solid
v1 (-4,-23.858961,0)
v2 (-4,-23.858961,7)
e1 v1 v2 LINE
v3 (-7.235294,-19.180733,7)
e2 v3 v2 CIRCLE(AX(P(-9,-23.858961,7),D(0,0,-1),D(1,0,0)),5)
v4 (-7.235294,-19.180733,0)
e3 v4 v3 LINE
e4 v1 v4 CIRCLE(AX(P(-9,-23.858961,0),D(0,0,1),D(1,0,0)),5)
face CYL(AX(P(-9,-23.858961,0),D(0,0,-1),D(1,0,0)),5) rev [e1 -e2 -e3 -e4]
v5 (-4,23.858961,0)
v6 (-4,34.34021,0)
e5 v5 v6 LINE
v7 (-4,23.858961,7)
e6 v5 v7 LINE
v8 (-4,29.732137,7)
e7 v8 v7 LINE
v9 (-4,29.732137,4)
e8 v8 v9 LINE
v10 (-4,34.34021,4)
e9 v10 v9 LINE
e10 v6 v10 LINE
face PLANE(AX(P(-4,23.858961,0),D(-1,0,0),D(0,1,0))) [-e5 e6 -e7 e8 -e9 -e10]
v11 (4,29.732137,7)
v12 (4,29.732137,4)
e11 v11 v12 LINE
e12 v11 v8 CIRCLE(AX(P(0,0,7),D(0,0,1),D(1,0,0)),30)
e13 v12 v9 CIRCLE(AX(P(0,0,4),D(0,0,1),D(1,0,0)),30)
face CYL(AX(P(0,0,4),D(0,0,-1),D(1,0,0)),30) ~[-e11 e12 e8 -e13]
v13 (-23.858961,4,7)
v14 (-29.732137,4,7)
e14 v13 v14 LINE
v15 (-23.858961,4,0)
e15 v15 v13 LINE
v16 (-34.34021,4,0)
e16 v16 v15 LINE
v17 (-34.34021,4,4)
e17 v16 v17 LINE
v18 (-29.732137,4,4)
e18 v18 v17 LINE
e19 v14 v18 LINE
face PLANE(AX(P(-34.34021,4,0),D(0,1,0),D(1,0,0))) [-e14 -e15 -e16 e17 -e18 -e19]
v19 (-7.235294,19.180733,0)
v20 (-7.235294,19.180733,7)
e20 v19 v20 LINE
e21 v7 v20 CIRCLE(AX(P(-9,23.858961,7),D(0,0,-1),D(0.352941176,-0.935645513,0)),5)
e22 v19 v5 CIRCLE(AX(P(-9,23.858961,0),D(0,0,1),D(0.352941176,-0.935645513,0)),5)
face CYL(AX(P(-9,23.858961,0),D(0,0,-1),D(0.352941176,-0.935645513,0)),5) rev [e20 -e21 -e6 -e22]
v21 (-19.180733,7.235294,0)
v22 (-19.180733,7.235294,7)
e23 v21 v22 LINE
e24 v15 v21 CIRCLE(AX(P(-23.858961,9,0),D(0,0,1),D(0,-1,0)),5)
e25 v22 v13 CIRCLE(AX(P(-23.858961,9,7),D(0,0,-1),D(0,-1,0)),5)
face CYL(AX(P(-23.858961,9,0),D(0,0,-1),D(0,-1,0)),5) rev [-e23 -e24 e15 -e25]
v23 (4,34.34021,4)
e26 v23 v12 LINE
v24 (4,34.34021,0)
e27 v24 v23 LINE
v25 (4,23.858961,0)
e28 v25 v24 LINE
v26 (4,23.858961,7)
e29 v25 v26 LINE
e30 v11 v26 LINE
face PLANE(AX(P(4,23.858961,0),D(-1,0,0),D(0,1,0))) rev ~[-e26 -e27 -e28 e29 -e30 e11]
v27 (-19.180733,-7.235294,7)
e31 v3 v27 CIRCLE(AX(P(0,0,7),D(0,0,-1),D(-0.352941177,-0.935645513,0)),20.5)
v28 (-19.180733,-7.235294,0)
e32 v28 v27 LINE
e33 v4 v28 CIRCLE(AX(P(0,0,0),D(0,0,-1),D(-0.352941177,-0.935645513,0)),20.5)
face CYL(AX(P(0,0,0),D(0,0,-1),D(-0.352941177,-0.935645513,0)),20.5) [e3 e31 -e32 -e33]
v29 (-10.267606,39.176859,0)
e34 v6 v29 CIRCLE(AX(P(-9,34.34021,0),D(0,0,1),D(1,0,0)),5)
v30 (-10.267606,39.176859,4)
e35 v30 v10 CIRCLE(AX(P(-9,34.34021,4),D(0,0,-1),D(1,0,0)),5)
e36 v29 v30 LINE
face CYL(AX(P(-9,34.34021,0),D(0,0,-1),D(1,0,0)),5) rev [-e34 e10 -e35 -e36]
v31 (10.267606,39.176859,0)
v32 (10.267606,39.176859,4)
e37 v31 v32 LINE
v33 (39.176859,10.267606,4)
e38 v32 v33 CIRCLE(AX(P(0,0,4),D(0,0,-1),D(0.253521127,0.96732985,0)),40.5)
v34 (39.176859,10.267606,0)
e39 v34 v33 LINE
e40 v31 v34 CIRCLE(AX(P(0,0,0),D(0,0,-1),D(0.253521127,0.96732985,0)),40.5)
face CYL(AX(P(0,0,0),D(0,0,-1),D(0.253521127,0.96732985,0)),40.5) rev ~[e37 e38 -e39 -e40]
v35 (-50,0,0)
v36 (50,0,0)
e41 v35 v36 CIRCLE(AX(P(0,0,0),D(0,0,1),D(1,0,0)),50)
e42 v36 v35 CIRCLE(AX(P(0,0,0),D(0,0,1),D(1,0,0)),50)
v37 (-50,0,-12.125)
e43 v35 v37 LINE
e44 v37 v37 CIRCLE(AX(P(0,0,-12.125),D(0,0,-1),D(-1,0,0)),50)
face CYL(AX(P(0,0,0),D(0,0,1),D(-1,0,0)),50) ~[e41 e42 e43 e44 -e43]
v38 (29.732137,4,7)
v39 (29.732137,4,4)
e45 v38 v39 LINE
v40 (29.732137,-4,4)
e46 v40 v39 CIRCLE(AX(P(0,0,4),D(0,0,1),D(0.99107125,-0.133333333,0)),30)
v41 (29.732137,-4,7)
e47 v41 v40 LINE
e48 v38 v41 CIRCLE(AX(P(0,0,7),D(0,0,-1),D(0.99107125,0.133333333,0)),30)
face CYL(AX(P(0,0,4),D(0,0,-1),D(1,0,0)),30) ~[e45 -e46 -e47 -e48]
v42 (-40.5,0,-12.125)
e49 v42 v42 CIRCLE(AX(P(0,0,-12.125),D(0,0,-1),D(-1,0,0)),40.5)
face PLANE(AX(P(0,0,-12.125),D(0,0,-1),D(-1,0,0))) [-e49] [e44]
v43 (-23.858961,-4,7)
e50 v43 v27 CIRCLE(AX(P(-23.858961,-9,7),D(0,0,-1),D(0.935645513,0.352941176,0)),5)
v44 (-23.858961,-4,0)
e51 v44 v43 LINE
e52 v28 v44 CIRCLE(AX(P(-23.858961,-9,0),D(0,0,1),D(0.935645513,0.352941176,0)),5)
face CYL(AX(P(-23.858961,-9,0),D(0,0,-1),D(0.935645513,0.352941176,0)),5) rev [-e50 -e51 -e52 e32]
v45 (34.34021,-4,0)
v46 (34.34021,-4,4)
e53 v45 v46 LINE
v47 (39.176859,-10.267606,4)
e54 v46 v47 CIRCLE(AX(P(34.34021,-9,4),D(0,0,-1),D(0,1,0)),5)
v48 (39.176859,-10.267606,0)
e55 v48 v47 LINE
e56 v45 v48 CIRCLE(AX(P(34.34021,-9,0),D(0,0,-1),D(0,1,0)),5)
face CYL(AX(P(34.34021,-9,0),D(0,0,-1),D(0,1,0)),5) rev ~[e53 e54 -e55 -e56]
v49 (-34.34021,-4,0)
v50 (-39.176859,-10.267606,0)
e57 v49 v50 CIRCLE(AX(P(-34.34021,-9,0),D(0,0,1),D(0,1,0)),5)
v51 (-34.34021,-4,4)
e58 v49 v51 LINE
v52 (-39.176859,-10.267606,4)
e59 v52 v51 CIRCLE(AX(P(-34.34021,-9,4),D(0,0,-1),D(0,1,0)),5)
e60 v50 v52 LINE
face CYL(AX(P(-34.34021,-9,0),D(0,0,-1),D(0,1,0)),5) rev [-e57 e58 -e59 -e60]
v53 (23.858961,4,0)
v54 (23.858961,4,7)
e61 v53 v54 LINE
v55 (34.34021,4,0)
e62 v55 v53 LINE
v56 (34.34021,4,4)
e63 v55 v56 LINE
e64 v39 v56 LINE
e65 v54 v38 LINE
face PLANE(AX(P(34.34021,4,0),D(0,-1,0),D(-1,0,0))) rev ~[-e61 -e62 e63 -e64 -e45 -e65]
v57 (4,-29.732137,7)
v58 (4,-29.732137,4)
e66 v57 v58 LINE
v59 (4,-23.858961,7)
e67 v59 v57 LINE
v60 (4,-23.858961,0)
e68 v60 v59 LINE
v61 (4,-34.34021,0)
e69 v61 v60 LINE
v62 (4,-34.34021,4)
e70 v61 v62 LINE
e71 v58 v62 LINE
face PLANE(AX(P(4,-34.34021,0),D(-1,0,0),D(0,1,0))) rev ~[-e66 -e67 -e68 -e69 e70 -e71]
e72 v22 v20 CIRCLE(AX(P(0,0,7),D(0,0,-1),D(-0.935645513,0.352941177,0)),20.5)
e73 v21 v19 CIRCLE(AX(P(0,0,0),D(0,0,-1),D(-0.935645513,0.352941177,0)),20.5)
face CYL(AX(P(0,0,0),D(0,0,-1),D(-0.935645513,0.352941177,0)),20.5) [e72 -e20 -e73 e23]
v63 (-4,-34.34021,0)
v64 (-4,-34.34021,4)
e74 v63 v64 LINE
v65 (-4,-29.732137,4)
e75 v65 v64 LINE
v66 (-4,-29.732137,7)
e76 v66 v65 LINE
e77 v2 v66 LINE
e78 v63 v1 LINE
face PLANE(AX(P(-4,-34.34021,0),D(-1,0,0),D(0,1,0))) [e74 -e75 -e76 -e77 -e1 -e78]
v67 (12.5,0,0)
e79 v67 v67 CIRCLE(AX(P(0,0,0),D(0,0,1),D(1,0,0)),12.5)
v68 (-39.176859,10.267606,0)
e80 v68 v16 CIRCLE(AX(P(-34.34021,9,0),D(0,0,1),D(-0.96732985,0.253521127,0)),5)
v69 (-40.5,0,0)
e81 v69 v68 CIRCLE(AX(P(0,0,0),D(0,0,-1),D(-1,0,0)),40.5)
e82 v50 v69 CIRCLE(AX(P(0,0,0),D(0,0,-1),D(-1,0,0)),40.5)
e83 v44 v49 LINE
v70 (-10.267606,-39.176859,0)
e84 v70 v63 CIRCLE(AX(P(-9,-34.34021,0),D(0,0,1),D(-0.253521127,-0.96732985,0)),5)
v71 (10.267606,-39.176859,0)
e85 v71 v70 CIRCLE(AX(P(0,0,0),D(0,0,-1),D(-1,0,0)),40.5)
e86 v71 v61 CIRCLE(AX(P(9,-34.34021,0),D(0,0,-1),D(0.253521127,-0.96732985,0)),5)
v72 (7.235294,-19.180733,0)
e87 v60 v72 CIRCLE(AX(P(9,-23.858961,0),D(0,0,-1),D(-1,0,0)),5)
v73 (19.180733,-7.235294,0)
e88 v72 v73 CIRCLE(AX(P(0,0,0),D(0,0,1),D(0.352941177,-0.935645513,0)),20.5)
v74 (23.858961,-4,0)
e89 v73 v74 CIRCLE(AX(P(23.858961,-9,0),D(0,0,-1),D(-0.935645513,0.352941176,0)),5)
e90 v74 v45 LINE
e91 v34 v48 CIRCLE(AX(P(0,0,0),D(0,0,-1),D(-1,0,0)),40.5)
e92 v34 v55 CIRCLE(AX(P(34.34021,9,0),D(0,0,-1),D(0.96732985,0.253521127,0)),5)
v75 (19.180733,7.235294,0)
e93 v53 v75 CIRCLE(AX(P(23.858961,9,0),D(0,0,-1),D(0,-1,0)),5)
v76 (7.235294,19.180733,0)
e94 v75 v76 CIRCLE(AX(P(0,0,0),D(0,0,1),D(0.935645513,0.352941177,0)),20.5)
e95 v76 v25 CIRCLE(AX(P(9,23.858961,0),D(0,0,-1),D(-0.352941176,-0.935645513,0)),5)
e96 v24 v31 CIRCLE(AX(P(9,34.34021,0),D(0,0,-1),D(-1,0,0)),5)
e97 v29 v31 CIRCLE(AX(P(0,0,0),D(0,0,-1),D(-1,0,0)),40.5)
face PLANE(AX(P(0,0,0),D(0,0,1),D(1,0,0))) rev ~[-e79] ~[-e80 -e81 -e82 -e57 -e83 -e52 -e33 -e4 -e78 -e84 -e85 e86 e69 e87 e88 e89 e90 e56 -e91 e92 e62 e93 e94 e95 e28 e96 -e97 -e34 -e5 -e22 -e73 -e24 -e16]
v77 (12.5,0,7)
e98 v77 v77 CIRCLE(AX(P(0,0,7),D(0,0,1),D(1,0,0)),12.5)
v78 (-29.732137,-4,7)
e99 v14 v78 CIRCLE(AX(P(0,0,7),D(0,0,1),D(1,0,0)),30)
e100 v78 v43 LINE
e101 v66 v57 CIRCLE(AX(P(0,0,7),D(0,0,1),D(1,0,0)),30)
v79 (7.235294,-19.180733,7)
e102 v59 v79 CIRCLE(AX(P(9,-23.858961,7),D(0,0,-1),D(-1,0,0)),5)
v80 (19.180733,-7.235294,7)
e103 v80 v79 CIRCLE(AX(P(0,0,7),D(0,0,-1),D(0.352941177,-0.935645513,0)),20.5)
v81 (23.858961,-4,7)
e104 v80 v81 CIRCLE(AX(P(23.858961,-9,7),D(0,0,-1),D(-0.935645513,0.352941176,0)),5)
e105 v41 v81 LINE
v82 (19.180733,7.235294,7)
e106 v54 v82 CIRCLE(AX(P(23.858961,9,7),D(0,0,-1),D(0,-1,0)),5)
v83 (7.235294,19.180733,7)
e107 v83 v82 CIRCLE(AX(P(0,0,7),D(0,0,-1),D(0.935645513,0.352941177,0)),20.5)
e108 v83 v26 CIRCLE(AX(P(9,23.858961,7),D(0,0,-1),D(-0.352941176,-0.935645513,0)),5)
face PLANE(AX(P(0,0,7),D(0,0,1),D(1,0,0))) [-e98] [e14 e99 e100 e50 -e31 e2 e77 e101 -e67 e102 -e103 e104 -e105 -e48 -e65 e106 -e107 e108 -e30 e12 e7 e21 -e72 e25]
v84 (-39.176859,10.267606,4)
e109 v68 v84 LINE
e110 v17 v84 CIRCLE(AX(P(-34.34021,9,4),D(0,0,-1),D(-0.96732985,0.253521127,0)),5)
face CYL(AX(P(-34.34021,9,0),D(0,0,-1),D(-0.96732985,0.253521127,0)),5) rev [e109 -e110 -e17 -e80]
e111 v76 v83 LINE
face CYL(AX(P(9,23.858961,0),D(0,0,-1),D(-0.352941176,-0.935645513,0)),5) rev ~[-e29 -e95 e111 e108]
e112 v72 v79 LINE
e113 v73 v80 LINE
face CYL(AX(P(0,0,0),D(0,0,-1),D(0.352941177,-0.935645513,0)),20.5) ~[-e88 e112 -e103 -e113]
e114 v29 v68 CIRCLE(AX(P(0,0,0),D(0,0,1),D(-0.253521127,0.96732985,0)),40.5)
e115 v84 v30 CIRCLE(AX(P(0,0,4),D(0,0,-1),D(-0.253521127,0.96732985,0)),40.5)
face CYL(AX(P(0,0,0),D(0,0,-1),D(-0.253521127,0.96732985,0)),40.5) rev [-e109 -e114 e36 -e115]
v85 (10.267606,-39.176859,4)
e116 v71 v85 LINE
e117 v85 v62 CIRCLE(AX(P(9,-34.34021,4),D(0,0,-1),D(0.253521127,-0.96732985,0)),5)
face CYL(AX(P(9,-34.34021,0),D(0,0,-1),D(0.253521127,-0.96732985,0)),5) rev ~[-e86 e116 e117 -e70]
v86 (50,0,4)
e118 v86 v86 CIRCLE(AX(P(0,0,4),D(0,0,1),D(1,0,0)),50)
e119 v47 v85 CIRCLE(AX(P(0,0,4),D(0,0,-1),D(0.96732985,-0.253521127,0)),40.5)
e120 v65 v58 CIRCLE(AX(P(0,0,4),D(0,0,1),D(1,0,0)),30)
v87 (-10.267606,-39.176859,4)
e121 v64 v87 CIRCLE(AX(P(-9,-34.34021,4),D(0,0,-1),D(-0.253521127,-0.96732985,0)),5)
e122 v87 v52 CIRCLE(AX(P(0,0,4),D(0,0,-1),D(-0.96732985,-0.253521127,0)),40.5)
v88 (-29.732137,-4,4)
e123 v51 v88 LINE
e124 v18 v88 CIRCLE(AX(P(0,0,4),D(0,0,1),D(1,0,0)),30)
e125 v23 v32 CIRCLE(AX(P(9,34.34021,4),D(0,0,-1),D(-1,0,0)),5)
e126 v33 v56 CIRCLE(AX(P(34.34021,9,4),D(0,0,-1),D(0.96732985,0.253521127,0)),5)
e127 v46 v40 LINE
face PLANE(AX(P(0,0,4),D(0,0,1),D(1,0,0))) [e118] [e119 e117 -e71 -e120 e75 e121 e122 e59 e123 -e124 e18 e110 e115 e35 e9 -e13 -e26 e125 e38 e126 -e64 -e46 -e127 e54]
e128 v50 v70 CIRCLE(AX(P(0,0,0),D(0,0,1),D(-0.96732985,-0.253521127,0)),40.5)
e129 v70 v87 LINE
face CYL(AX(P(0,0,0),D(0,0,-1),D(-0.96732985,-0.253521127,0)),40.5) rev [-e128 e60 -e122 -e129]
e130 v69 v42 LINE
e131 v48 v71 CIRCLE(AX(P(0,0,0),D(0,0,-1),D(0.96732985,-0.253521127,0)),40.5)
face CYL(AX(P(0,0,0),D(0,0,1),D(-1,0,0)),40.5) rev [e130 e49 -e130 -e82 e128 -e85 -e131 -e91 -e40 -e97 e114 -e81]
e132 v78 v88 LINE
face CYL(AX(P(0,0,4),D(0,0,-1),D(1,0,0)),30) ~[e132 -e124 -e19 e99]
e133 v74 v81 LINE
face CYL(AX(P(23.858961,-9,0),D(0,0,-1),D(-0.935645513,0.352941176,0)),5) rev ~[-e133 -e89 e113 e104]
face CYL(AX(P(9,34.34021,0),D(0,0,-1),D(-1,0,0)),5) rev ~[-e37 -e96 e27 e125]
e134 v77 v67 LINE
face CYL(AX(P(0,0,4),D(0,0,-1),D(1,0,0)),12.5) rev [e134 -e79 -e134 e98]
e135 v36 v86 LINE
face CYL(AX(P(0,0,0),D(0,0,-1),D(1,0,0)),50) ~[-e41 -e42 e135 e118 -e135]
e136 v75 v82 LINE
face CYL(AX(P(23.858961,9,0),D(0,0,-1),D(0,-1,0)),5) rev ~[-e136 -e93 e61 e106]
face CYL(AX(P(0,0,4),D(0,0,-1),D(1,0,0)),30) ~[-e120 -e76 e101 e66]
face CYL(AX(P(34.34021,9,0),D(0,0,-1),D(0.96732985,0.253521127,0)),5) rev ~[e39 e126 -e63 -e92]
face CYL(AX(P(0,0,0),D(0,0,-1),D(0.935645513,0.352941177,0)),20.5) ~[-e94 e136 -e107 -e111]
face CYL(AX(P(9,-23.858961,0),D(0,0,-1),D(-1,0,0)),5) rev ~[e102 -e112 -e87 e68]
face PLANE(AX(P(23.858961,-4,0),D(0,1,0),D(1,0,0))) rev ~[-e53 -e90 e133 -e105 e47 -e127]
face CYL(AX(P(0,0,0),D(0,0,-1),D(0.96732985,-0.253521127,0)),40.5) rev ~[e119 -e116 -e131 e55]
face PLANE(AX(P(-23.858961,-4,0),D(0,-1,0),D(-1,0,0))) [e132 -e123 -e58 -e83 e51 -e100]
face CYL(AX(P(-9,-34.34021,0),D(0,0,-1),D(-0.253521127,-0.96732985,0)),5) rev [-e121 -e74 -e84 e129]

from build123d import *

# Parameters (mm, degrees)
ESQUISSE1_R             = 50
ESQUISSE1_R_2           = 12.5
BOSS_EXTRU_1_DEPTH      = 4
ESQUISSE2_R             = 30
ESQUISSE2_R_2           = 12.5
BOSS_EXTRU_2_DEPTH      = 3
ENL_V_MAT_EXTRU_1_DEPTH = 23
ESQUISSE5_R             = 50
ESQUISSE5_R_2           = 40.5
BOSS_EXTRU_3_DEPTH      = 12.125


with BuildPart() as part:
    # Esquisse1 → Boss.-Extru.1 (new body)
    with BuildSketch(Plane.XY):
        Circle(ESQUISSE1_R)
        Circle(ESQUISSE1_R_2, mode=Mode.SUBTRACT)
    extrude(amount=BOSS_EXTRU_1_DEPTH)

    # Esquisse2 → Boss.-Extru.2 (add)
    with BuildSketch(Plane.XY.offset(4)):
        Circle(ESQUISSE2_R)
        Circle(ESQUISSE2_R_2, mode=Mode.SUBTRACT)
    extrude(amount=BOSS_EXTRU_2_DEPTH)

    # Esquisse4 → Enlèv. mat.-Extru.1 (cut)
    with BuildSketch(Plane(origin=(0, 0, 0), x_dir=(-1, 0, 0), z_dir=(0, 0, -1))):
        with BuildLine():
            Line((-4, 23.858960581), (-4, 34.340209667))
            ThreePointArc((-4, 34.340209667), (-5.945333747, 38.298620218), (-10.267605634, 39.176858916))
            ThreePointArc((-10.267605634, 39.176858916), (-28.637824638, 28.637824638), (-39.176858916, 10.267605634))
            ThreePointArc((-39.176858916, 10.267605634), (-38.298620218, 5.945333747), (-34.340209667, 4))
            Line((-34.340209667, 4), (-23.858960581, 4))
            ThreePointArc((-23.858960581, 4), (-21.014978286, 4.887608396), (-19.180733016, 7.235294118))
            ThreePointArc((-19.180733016, 7.235294118), (-14.495689014, 14.495689014), (-7.235294118, 19.180733016))
            ThreePointArc((-7.235294118, 19.180733016), (-4.887608396, 21.014978286), (-4, 23.858960581))
        make_face()
        with BuildLine():
            Line((4, 23.858960581), (4, 34.340209667))
            ThreePointArc((4, 34.340209667), (5.945333747, 38.298620218), (10.267605634, 39.176858916))
            ThreePointArc((10.267605634, 39.176858916), (28.637824638, 28.637824638), (39.176858916, 10.267605634))
            ThreePointArc((39.176858916, 10.267605634), (38.298620218, 5.945333747), (34.340209667, 4))
            Line((34.340209667, 4), (23.858960581, 4))
            ThreePointArc((23.858960581, 4), (21.014978286, 4.887608396), (19.180733016, 7.235294118))
            ThreePointArc((19.180733016, 7.235294118), (14.495689014, 14.495689014), (7.235294118, 19.180733016))
            ThreePointArc((7.235294118, 19.180733016), (4.887608396, 21.014978286), (4, 23.858960581))
        make_face()
        with BuildLine():
            Line((-23.858960581, -4), (-34.340209667, -4))
            ThreePointArc((-34.340209667, -4), (-38.298620218, -5.945333747), (-39.176858916, -10.267605634))
            ThreePointArc((-39.176858916, -10.267605634), (-28.637824638, -28.637824638), (-10.267605634, -39.176858916))
            ThreePointArc((-10.267605634, -39.176858916), (-5.945333747, -38.298620218), (-4, -34.340209667))
            Line((-4, -34.340209667), (-4, -23.858960581))
            ThreePointArc((-4, -23.858960581), (-4.887608396, -21.014978286), (-7.235294118, -19.180733016))
            ThreePointArc((-7.235294118, -19.180733016), (-14.495689014, -14.495689014), (-19.180733016, -7.235294118))
            ThreePointArc((-19.180733016, -7.235294118), (-21.014978286, -4.887608396), (-23.858960581, -4))
        make_face()
        with BuildLine():
            Line((23.858960581, -4), (34.340209667, -4))
            ThreePointArc((34.340209667, -4), (38.298620218, -5.945333747), (39.176858916, -10.267605634))
            ThreePointArc((39.176858916, -10.267605634), (28.637824638, -28.637824638), (10.267605634, -39.176858916))
            ThreePointArc((10.267605634, -39.176858916), (5.945333747, -38.298620218), (4, -34.340209667))
            Line((4, -34.340209667), (4, -23.858960581))
            ThreePointArc((4, -23.858960581), (4.887608396, -21.014978286), (7.235294118, -19.180733016))
            ThreePointArc((7.235294118, -19.180733016), (14.495689014, -14.495689014), (19.180733016, -7.235294118))
            ThreePointArc((19.180733016, -7.235294118), (21.014978286, -4.887608396), (23.858960581, -4))
        make_face()
    extrude(amount=-ENL_V_MAT_EXTRU_1_DEPTH, mode=Mode.SUBTRACT)

    # Esquisse5 → Boss.-Extru.3 (add)
    with BuildSketch(Plane(origin=(0, 0, 0), x_dir=(-1, 0, 0), z_dir=(0, 0, -1))):
        Circle(ESQUISSE5_R)
        Circle(ESQUISSE5_R_2, mode=Mode.SUBTRACT)
    extrude(amount=BOSS_EXTRU_3_DEPTH)


solid = part.part
